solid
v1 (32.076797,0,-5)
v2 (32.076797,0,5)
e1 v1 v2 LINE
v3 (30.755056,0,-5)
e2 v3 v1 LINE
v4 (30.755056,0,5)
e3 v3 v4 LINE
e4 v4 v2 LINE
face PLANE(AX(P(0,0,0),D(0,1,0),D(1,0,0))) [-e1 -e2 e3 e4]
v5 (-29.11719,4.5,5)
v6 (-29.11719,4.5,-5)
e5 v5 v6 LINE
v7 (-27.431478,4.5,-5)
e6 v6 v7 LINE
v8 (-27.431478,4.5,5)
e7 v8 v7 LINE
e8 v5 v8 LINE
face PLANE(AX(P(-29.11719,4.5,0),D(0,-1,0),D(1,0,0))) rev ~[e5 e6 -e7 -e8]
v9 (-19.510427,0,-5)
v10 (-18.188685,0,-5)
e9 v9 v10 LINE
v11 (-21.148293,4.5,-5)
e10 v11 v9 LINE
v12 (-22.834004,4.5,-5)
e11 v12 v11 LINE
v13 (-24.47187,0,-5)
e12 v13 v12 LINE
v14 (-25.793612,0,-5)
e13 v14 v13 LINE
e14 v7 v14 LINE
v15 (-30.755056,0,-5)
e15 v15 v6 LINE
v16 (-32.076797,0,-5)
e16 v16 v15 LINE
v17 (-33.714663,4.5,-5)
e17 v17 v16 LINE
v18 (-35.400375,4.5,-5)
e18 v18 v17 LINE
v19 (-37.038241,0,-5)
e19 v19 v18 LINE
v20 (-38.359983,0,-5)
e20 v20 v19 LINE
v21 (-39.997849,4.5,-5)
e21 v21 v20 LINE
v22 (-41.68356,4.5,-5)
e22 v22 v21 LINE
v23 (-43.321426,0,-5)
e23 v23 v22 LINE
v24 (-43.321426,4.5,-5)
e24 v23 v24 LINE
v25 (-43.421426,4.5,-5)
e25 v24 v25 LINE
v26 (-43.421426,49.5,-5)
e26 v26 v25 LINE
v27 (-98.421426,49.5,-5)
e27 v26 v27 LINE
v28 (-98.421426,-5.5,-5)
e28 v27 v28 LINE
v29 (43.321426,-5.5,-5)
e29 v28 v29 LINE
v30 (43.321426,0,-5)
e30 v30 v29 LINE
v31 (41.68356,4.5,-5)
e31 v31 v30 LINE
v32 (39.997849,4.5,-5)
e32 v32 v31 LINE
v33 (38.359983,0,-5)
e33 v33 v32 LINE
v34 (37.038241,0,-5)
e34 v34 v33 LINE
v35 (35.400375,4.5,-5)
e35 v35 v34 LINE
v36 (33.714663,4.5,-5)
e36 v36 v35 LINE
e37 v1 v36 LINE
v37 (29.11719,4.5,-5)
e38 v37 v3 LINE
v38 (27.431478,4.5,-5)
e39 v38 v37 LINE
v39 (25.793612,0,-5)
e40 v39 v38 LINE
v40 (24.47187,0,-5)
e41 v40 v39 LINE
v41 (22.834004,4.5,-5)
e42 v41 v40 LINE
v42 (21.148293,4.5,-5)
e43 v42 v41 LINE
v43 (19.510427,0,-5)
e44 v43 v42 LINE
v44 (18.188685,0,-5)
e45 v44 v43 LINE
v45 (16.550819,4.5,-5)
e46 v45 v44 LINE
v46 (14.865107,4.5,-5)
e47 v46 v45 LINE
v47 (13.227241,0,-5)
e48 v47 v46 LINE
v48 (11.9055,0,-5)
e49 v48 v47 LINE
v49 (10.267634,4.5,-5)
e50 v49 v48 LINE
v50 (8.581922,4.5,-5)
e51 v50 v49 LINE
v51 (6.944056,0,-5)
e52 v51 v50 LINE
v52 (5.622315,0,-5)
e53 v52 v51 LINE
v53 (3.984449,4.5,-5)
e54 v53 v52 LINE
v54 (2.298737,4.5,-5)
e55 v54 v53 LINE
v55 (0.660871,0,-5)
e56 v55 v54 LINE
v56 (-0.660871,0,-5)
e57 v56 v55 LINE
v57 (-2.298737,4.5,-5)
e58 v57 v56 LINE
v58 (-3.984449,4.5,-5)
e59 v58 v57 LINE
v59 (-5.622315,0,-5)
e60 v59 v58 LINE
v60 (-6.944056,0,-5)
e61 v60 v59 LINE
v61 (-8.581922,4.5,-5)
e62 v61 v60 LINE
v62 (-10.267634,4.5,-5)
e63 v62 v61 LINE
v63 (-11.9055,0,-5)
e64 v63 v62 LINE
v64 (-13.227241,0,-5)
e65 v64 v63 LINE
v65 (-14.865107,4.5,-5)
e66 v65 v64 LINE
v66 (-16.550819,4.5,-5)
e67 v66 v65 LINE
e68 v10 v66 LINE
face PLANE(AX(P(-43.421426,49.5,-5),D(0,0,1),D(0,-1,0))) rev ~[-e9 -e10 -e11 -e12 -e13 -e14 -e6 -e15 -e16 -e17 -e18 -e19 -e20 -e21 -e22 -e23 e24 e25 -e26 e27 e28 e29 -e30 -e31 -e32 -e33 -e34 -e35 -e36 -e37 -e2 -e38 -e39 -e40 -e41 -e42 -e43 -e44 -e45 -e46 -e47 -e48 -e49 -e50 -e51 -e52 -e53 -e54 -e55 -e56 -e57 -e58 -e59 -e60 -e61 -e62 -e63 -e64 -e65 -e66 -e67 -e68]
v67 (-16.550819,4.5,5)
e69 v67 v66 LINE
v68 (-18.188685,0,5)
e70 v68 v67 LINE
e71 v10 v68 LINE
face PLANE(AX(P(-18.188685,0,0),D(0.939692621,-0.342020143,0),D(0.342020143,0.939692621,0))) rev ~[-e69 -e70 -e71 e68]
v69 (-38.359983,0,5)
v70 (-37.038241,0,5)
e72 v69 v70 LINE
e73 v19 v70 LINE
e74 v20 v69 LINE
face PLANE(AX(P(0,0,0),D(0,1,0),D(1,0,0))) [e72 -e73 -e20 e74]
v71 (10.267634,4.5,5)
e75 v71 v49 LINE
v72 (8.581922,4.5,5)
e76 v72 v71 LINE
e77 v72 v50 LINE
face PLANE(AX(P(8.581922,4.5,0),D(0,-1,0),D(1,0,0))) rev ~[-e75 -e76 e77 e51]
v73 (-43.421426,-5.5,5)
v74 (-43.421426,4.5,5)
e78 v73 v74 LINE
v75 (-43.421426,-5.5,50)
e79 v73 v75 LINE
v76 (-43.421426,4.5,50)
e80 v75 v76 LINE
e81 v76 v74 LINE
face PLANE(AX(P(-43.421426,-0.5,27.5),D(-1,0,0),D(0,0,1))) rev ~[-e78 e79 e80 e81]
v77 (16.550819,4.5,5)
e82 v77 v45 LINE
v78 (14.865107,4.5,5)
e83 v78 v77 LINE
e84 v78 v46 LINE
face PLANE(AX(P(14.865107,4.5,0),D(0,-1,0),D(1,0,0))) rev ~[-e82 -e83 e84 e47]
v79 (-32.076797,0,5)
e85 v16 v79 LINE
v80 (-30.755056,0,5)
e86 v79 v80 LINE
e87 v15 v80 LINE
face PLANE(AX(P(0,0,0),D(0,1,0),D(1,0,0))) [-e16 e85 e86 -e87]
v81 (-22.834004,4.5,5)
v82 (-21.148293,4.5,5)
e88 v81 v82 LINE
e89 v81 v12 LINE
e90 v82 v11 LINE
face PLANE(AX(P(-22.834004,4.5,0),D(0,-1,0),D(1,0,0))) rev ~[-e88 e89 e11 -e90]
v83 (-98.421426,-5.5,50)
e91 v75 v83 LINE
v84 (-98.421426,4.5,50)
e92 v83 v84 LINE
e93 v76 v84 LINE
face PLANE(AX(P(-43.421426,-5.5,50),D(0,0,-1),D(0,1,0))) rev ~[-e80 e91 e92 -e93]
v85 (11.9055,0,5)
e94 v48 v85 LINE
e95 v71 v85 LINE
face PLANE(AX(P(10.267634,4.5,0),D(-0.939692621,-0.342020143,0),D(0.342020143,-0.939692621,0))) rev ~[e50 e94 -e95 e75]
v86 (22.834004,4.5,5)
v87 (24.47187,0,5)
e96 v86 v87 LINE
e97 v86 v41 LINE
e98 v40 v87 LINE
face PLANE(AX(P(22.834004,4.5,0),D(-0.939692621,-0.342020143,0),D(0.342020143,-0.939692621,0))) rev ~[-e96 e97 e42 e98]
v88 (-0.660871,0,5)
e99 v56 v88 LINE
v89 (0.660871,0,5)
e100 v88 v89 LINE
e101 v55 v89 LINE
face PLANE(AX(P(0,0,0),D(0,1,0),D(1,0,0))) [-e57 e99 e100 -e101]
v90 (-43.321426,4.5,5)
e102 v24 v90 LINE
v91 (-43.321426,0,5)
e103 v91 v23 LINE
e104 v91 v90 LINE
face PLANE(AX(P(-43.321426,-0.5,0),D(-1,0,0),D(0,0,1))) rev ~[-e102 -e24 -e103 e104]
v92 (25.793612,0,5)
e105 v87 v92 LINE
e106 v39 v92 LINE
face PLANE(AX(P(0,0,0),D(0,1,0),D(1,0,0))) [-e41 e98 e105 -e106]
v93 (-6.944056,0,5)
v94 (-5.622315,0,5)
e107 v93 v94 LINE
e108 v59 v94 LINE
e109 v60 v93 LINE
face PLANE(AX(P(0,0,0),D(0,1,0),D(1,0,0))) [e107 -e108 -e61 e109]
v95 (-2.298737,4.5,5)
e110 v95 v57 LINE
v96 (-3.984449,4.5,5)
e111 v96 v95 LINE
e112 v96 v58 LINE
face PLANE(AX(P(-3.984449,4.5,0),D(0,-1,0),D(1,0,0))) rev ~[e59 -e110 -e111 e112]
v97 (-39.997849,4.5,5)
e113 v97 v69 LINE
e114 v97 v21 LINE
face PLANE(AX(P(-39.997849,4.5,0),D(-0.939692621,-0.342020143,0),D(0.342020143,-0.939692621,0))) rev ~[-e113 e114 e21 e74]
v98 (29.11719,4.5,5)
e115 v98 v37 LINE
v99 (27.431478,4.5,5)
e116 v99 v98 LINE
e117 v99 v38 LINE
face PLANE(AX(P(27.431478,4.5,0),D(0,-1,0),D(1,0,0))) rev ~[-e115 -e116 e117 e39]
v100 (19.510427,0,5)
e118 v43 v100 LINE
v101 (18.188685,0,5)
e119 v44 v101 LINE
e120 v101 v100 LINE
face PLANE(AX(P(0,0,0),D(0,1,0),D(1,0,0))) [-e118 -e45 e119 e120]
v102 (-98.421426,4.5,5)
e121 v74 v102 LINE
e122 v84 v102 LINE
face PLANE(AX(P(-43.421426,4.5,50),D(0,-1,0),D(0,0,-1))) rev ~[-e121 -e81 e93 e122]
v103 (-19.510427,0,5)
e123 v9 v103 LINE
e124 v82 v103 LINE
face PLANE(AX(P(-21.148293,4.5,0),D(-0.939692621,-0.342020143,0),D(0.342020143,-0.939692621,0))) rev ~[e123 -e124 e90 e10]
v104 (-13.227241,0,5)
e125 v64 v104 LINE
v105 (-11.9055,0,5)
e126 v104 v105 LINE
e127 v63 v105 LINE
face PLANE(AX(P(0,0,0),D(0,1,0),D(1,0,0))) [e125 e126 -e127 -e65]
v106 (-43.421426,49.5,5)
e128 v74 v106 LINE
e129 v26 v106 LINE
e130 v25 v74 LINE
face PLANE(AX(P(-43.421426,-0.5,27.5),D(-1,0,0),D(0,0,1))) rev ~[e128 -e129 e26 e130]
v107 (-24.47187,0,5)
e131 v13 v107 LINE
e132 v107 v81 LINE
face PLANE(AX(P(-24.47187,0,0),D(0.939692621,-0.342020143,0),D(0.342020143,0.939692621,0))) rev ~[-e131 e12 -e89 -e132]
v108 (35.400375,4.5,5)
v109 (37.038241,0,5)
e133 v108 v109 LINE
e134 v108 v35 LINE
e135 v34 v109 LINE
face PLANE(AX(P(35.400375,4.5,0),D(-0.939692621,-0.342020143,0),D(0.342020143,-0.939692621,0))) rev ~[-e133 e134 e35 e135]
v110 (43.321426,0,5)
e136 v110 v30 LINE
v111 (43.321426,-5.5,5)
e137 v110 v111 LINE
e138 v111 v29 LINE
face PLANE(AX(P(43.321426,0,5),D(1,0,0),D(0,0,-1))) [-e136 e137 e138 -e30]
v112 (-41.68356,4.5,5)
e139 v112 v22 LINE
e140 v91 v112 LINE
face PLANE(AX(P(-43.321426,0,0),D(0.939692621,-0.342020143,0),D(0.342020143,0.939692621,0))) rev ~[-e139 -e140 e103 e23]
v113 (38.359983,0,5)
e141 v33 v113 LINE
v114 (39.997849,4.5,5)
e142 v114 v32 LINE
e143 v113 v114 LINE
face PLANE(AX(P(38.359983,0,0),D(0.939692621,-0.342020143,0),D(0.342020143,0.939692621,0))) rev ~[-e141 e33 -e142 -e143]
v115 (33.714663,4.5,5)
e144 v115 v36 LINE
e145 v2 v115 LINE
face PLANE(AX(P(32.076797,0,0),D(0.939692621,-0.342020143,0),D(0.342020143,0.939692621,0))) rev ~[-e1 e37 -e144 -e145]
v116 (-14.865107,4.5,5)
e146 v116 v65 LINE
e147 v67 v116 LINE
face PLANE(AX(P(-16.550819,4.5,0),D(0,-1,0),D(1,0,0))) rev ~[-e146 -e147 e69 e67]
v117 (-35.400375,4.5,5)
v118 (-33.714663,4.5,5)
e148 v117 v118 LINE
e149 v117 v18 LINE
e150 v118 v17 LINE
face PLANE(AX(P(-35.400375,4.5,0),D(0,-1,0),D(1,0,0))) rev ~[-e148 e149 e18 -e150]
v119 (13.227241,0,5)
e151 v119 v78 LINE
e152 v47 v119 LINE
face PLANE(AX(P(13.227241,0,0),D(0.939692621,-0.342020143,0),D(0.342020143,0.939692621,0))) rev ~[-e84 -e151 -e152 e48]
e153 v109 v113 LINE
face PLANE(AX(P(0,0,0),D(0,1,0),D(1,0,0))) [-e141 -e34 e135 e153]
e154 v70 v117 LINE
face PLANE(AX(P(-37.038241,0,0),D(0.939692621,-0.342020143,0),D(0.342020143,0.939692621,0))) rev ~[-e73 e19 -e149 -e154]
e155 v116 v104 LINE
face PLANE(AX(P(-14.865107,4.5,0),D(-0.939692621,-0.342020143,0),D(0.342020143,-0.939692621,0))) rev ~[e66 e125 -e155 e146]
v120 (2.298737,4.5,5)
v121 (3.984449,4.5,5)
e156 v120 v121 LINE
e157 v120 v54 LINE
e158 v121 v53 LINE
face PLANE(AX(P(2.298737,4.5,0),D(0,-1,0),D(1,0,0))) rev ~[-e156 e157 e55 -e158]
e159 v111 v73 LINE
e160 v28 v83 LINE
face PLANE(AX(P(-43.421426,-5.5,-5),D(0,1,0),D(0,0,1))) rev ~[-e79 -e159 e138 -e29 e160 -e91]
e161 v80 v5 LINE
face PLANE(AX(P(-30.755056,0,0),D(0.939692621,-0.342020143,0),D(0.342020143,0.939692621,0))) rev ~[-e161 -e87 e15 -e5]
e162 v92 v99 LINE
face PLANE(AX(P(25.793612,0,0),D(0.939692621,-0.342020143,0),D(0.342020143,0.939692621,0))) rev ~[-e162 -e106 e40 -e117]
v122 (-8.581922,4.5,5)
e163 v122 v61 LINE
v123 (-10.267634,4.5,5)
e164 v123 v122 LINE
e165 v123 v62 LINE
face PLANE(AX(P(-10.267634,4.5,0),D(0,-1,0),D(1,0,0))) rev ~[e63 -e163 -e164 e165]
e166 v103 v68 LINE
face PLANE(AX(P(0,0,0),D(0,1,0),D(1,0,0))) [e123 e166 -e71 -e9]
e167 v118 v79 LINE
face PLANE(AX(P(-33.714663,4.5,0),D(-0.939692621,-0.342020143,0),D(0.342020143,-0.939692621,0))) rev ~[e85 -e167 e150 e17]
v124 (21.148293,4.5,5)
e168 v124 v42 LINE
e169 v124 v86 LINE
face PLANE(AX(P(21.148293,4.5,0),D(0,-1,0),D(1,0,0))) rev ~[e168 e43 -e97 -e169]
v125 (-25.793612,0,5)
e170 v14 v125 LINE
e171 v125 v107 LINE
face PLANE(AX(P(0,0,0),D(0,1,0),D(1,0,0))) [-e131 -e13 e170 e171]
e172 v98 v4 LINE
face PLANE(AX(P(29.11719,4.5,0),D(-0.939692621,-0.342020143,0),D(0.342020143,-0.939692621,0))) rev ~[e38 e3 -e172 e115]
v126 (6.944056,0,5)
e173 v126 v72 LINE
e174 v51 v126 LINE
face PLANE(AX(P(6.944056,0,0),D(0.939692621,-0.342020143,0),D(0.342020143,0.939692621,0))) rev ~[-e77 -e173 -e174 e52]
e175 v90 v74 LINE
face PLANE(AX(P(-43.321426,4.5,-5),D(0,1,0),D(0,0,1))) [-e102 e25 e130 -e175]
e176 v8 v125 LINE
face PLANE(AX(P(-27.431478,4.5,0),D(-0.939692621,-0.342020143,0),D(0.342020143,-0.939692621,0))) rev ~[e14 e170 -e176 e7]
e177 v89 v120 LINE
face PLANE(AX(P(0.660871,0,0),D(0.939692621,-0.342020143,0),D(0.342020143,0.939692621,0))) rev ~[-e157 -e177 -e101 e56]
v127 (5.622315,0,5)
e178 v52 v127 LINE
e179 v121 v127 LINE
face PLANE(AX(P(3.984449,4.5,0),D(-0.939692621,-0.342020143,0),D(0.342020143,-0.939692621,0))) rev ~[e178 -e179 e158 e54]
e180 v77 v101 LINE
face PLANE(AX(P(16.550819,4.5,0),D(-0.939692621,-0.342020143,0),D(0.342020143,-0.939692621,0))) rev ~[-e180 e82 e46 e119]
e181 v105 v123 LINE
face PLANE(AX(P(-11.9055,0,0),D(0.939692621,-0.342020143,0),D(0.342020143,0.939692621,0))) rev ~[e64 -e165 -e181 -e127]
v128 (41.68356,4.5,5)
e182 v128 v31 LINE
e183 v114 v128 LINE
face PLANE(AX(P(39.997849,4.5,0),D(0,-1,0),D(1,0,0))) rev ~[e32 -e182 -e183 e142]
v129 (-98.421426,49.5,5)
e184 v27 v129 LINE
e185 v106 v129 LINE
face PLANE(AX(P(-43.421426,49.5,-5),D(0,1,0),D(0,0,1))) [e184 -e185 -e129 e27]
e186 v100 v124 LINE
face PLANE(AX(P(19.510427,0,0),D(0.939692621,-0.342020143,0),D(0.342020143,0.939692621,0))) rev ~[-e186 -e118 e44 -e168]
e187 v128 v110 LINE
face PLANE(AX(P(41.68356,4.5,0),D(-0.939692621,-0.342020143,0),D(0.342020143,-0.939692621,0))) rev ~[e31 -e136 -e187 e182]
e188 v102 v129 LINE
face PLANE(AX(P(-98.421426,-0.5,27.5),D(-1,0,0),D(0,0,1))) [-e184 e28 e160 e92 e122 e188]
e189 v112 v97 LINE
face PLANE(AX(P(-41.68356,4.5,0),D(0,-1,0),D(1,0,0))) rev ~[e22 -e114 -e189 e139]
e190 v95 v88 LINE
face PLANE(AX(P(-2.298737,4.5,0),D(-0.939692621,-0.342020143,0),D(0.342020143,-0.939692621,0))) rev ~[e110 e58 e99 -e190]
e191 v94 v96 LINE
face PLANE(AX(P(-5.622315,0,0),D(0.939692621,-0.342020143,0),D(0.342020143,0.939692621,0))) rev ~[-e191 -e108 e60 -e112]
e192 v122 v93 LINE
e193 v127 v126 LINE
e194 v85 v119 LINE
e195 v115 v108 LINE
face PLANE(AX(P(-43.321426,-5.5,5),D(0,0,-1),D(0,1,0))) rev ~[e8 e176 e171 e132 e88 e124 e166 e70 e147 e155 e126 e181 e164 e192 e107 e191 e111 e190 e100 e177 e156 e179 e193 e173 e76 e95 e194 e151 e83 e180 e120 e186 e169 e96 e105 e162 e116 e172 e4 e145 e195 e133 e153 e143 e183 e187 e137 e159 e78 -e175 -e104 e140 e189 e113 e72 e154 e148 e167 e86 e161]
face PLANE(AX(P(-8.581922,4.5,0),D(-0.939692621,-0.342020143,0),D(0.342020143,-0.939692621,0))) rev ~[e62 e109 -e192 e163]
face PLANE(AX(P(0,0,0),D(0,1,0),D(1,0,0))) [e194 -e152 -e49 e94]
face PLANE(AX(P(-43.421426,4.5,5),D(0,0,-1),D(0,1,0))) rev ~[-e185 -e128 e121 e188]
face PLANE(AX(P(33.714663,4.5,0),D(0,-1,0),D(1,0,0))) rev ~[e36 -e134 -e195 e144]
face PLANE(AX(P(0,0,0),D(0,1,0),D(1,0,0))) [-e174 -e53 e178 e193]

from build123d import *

# Parameters (mm, degrees)
SKETCH_2_W             = 86.642852818
SKETCH_2_H             = 10
EXTRUDE_1_DEPTH        = 5.5
EXTRUDE_2_DEPTH        = 5
PATTERN_LINEAR_1_COUNT = 14
PATTERN_LINEAR_1_PITCH = 6.283185307
SKETCH_6_W             = 10
SKETCH_6_H             = 10
EXTRUDE_3_DEPTH        = 0.1
SKETCH_7_W             = 45
SKETCH_7_H             = 10
SKETCH_7_W_2           = 10
SKETCH_7_H_2           = 45
EXTRUDE_4_DEPTH        = 55


with BuildPart() as part:
    # 草图2 → 凸台-拉伸1 (new body)
    with BuildSketch(Plane(origin=(0, 0, 0), x_dir=(1, 0, 0), z_dir=(0, 1, 0))):
        Rectangle(SKETCH_2_W, SKETCH_2_H)
    extrude(amount=-EXTRUDE_1_DEPTH)

    # 草图3 → 凸台-拉伸2 (add, symmetric)
    with BuildSketch(Plane.XY):
        Polygon((-43.321426409, 0), (-41.683560355, 4.5), (-39.997848638, 4.5), (-38.359982584, 0), align=None)
    extrude_2 = extrude(amount=EXTRUDE_2_DEPTH, both=True)

    # 阵列(线性)1: 凸台-拉伸2 ×14
    with Locations(*[(i * PATTERN_LINEAR_1_PITCH, 0, 0) for i in range(1, PATTERN_LINEAR_1_COUNT)]):
        add(extrude_2)

    # 草图6 → 凸台-拉伸3 (add)
    with BuildSketch(Plane.ZY.offset(43.321426409)):
        with Locations((0, -0.5)):
            Rectangle(SKETCH_6_W, SKETCH_6_H)
    extrude(amount=EXTRUDE_3_DEPTH)

    # 草图7 → 凸台-拉伸4 (add)
    with BuildSketch(Plane.ZY.offset(43.421426409)):
        with Locations((27.5, -0.5)):
            Rectangle(SKETCH_7_W, SKETCH_7_H)
        with Locations((0, -0.5)):
            Rectangle(SKETCH_7_W_2, SKETCH_7_H)
        with Locations((0, 27)):
            Rectangle(SKETCH_7_W_2, SKETCH_7_H_2)
    extrude(amount=EXTRUDE_4_DEPTH)


solid = part.part
